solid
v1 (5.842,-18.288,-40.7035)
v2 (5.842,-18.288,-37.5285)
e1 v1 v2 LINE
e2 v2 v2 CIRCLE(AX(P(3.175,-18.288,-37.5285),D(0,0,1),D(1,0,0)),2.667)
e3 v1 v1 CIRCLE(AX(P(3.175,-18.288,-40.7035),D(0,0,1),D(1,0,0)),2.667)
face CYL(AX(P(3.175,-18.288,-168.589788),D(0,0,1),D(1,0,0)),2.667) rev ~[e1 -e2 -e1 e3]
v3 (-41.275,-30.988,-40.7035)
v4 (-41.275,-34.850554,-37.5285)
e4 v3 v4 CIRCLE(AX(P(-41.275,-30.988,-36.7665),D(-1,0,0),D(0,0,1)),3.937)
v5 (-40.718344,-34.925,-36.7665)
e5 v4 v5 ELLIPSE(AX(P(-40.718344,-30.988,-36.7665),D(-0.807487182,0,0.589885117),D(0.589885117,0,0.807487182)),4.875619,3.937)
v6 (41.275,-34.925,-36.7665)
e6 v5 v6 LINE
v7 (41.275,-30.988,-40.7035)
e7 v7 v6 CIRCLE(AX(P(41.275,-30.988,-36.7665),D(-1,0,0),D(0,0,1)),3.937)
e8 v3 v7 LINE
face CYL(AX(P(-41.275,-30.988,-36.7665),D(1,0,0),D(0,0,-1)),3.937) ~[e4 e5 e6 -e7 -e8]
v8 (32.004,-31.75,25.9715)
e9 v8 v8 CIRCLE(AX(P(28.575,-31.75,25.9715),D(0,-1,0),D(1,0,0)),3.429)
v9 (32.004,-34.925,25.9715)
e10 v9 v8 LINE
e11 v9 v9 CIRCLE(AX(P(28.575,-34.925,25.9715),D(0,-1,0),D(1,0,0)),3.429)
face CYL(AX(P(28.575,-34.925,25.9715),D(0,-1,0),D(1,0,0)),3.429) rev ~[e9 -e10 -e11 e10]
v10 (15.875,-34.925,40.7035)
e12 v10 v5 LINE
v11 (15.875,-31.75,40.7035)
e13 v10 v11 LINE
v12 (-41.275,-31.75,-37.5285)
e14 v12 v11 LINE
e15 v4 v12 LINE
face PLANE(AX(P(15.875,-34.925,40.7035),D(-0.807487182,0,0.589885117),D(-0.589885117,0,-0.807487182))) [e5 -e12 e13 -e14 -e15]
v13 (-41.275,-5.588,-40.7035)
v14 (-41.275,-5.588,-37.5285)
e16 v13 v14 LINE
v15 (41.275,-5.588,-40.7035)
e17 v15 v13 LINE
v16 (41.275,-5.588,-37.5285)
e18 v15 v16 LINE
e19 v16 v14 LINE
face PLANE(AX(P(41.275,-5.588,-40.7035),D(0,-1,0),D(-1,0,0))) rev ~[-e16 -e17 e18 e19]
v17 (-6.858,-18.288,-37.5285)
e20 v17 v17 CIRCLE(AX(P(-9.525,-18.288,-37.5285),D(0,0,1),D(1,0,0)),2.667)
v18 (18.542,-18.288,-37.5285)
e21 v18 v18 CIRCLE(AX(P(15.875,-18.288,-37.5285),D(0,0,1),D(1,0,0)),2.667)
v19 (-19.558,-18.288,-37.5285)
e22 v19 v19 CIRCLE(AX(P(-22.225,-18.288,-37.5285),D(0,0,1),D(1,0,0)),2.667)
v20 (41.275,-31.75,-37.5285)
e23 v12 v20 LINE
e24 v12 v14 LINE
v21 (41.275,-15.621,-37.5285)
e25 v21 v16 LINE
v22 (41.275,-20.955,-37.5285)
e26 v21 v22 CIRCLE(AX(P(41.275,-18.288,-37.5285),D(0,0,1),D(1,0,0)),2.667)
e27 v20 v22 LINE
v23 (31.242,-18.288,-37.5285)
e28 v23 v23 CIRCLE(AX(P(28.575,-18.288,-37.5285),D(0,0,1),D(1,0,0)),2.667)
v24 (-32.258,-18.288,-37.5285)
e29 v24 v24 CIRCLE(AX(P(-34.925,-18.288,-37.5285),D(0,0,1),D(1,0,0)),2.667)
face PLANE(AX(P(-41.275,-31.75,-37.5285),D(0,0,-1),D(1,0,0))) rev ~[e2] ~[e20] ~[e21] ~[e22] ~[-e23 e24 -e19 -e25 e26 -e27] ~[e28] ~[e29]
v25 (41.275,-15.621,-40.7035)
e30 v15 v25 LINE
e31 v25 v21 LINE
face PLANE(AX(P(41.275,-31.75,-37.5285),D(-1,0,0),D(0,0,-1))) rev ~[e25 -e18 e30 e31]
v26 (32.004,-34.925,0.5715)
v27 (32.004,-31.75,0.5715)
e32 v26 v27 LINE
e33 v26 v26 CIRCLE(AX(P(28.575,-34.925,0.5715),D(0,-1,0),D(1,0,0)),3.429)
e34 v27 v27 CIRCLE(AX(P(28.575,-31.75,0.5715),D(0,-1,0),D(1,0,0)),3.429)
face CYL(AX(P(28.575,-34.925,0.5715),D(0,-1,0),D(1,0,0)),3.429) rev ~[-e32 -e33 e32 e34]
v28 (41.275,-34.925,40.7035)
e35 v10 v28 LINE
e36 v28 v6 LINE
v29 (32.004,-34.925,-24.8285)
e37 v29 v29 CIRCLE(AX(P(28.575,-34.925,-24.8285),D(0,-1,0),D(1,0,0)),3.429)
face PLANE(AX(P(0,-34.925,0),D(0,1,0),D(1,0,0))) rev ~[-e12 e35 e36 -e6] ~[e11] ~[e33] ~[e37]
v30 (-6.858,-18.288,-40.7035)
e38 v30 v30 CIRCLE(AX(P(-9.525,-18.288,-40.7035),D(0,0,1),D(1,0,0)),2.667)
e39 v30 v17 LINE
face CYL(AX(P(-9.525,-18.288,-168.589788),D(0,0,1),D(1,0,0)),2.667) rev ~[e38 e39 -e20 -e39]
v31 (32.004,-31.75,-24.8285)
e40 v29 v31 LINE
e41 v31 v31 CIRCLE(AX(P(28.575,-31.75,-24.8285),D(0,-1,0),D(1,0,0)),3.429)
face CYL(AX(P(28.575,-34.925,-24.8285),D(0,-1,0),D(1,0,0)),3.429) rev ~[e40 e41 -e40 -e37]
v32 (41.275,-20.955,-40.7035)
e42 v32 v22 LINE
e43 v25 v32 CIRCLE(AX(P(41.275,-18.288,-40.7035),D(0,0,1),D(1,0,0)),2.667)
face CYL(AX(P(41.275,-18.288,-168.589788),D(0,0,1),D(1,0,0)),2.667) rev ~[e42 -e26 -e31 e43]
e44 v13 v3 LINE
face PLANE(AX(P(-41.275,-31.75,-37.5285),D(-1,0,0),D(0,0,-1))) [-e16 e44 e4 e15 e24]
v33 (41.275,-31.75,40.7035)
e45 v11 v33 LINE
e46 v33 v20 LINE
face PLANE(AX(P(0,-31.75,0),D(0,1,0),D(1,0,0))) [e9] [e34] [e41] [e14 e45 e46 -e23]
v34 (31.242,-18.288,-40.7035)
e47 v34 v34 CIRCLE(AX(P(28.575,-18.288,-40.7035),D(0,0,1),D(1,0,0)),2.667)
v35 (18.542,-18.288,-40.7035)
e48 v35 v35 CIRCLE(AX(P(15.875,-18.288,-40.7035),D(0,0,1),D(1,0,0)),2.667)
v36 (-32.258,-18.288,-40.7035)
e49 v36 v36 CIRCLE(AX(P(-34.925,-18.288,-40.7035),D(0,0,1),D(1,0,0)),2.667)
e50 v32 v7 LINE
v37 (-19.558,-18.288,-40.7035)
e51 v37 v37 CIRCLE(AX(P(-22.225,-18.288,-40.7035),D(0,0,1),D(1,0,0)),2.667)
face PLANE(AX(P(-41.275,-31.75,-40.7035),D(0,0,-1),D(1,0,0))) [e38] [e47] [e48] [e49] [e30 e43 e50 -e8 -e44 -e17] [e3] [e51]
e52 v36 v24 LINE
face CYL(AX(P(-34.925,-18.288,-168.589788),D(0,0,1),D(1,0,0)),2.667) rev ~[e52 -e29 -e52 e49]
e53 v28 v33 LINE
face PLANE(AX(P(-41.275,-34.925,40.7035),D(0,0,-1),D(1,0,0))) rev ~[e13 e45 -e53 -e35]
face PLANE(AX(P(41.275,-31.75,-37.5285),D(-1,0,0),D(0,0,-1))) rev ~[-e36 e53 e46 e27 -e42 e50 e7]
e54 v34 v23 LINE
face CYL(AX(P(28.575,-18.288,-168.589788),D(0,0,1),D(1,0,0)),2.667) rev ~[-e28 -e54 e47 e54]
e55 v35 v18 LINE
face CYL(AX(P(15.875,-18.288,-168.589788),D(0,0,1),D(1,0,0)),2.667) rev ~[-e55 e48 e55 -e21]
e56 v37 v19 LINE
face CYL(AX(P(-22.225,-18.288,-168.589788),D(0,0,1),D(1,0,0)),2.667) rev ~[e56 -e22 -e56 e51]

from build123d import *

# Parameters (mm, degrees)
BOSS_EXTRUDE1_START    = -34.925
SKETCH1_W              = 82.55
SKETCH1_H              = 81.407
BOSS_EXTRUDE1_DEPTH    = 3.175
SKETCH3_W              = 82.55
SKETCH3_H              = 3.175
BOSS_EXTRUDE2_DEPTH    = 50.8
F_10_CLEARANCE_HOLE2_D = 5.334
CHAMFER1_SIZE          = 3.175
FILLET2_R              = 3.937
SKETCH9_R              = 3.429
CUT_EXTRUDE2_DEPTH     = 54.975
SKETCH10_W             = 82.55
SKETCH10_H             = 24.638
CUT_EXTRUDE3_DEPTH     = 82.407


with BuildPart() as part:
    # Sketch1 → Boss-Extrude1 (new body)
    with BuildSketch(Plane(origin=(0, 0, 0), x_dir=(1, 0, 0), z_dir=(0, 1, 0)).offset(BOSS_EXTRUDE1_START)):
        Rectangle(SKETCH1_W, SKETCH1_H)
    extrude(amount=BOSS_EXTRUDE1_DEPTH)

    # Sketch3 → Boss-Extrude2 (add)
    with BuildSketch(Plane(origin=(0, -31.75, 0), x_dir=(1, 0, 0), z_dir=(0, 1, 0))):
        with Locations((0, 39.116)):
            Rectangle(SKETCH3_W, SKETCH3_H)
    extrude(amount=BOSS_EXTRUDE2_DEPTH)

    # #10 Clearance Hole2 (through all)
    with Locations(Plane(origin=(0, 0, -40.7035), x_dir=(-1, 0, 0), z_dir=(0, 0, -1))):
        with Locations((22.225, 7.112), (9.525, 7.112), (-3.175, 7.112), (-15.875, 7.112), (-28.575, 7.112), (22.225, -18.288), (9.525, -18.288), (-3.175, -18.288), (-15.875, -18.288), (-28.575, -18.288), (34.925, 7.112), (34.925, -18.288), (-41.275, 7.112), (-41.275, -18.288)):
            Hole(F_10_CLEARANCE_HOLE2_D / 2)

    # Chamfer1
    chamfer1_edges = [part.edges().sort_by_distance(p)[0] for p in [
        (-41.275, 19.05, -39.116),
    ]]
    chamfer(chamfer1_edges, length=CHAMFER1_SIZE)

    # Fillet2
    fillet2_edges = [part.edges().sort_by_distance(p)[0] for p in [
        (0, -34.925, -40.7035),
    ]]
    fillet(fillet2_edges, radius=FILLET2_R)

    # Sketch9 → Cut-Extrude2 (cut, through all)
    with BuildSketch(Plane.XZ.offset(34.925)):
        with Locations((28.575, -24.8285)):
            Circle(SKETCH9_R)
        with Locations((28.575, 0.5715)):
            Circle(SKETCH9_R)
        with Locations((28.575, 25.9715)):
            Circle(SKETCH9_R)
        Polygon((-41.275, -37.5285), (-41.275, 40.7035), (15.875, 40.7035), align=None)
    extrude(amount=-CUT_EXTRUDE2_DEPTH, mode=Mode.SUBTRACT)

    # Sketch10 → Cut-Extrude3 (cut, through all)
    with BuildSketch(Plane(origin=(0, 0, -40.7035), x_dir=(-1, 0, 0), z_dir=(0, 0, -1))):
        with Locations((0, 6.731)):
            Rectangle(SKETCH10_W, SKETCH10_H)
    extrude(amount=-CUT_EXTRUDE3_DEPTH, mode=Mode.SUBTRACT)


solid = part.part
